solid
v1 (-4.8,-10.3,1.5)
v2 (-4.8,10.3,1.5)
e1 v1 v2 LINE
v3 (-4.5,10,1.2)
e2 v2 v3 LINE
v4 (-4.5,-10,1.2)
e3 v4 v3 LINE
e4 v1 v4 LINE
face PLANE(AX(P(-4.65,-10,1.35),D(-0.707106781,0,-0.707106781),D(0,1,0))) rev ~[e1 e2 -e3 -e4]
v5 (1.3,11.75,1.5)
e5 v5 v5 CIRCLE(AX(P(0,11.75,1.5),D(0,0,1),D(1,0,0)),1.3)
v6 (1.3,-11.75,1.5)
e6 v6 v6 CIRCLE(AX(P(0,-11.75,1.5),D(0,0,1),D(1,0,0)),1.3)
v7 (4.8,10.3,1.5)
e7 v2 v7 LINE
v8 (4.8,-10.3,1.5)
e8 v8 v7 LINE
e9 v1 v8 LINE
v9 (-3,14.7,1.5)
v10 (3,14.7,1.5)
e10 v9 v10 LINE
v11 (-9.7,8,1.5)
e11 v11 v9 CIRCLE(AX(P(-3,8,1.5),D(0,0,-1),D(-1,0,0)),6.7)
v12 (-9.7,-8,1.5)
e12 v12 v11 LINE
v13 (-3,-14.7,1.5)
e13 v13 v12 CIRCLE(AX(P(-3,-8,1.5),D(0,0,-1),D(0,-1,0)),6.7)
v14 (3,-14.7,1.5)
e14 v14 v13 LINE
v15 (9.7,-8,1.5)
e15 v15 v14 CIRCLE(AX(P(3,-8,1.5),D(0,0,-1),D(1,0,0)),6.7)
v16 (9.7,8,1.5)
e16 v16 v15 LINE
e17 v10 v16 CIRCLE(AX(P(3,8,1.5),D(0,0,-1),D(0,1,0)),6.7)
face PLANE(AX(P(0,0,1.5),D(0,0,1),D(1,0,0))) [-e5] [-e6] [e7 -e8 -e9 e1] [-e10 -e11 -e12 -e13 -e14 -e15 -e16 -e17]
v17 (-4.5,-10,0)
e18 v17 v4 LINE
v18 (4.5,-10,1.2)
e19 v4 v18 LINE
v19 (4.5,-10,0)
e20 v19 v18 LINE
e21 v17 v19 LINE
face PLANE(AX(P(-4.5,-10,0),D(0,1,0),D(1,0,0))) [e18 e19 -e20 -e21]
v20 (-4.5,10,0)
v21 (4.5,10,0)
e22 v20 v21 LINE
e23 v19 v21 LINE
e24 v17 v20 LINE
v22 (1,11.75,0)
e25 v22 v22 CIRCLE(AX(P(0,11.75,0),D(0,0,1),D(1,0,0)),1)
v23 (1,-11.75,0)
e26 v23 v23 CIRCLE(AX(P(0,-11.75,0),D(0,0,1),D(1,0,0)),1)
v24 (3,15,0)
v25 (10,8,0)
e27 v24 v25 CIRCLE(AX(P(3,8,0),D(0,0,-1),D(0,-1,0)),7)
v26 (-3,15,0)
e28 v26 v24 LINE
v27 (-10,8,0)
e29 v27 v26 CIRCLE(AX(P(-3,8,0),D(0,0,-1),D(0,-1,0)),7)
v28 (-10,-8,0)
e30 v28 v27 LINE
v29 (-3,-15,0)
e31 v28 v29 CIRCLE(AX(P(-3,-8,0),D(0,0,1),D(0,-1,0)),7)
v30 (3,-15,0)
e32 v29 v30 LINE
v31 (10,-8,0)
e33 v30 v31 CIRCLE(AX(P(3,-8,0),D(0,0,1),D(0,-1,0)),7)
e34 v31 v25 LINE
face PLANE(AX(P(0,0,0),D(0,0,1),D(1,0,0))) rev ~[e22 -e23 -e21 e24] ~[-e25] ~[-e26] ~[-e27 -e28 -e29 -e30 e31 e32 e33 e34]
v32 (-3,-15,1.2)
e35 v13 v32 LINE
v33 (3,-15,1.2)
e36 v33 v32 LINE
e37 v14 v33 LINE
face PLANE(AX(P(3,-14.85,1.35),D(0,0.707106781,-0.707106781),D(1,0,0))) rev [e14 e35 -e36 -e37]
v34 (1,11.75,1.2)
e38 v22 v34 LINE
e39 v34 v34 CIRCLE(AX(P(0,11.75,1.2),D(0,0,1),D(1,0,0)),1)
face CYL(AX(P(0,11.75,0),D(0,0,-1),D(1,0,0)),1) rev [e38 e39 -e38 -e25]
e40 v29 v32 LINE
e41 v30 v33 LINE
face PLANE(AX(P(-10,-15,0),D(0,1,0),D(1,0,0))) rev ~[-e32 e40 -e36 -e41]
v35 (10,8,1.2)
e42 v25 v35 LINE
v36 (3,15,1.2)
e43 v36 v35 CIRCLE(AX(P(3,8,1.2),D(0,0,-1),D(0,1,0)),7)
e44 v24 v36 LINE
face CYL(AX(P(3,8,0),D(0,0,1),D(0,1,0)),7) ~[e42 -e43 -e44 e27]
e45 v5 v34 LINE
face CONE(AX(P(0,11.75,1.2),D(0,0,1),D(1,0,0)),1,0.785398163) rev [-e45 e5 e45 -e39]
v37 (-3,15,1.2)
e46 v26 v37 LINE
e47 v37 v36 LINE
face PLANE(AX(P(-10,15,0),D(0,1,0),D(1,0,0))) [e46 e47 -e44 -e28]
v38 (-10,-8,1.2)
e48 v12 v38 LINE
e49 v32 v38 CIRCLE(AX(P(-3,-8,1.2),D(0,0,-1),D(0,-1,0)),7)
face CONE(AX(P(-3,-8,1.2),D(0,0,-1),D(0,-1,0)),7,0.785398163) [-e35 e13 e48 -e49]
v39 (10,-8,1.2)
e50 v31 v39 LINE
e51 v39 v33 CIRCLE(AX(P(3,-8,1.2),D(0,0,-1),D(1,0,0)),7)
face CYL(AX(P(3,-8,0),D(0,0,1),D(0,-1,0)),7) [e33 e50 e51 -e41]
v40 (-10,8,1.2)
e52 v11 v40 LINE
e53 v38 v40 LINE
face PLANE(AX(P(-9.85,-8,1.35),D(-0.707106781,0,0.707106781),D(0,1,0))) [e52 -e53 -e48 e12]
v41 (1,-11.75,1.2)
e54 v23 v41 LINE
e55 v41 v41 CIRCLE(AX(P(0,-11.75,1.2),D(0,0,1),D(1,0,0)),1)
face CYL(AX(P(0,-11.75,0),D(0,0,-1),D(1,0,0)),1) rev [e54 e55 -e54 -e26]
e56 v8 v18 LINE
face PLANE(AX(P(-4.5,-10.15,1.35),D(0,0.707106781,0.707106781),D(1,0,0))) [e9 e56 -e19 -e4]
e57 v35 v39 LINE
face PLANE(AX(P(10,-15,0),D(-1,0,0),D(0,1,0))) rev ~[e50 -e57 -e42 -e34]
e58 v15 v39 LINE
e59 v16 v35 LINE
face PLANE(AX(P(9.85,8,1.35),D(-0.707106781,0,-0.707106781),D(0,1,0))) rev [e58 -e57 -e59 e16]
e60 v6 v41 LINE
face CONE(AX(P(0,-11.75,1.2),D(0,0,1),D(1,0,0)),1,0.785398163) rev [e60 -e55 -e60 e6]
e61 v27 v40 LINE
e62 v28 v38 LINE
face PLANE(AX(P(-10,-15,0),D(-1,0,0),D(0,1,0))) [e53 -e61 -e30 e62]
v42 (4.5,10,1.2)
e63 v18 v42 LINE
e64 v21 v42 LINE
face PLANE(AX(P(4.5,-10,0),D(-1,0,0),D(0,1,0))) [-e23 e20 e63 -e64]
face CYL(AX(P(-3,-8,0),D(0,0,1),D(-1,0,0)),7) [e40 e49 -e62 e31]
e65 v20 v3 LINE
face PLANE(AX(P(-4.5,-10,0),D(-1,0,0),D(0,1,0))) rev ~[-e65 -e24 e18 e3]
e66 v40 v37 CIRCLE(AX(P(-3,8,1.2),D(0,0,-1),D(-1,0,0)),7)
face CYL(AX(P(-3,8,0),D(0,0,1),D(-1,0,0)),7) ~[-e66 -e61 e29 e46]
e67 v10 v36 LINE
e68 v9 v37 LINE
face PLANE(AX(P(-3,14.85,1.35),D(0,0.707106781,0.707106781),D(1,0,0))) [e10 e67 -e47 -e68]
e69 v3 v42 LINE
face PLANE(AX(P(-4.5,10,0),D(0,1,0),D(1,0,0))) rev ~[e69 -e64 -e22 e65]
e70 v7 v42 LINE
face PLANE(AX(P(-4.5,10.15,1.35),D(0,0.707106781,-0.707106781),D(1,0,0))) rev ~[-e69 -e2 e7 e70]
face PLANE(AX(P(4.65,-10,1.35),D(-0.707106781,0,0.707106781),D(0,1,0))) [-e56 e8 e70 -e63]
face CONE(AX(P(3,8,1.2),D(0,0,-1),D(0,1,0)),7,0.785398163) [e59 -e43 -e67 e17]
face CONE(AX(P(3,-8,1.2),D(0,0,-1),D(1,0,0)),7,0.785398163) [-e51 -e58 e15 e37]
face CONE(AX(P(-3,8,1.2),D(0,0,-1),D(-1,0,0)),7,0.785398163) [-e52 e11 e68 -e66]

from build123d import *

# Parameters (mm, degrees)
F0_W     = 20
F0_H     = 30
F0_R     = 1
F0_W_2   = 9
F0_H_2   = 20
F1_DEPTH = 1.5
F2_R     = 7
F3_SIZE  = 0.3


with BuildPart() as f1:
    # F0 (on Top) → F1 (new body)
    with BuildSketch(Plane.XY):
        Rectangle(F0_W, F0_H)
        with Locations((0, -11.75)):
            Circle(F0_R, mode=Mode.SUBTRACT)
        Rectangle(F0_W_2, F0_H_2, mode=Mode.SUBTRACT)
        with Locations((0, 11.75)):
            Circle(F0_R, mode=Mode.SUBTRACT)
    extrude(amount=F1_DEPTH)

    # F2
    f2_edges = [f1.edges().sort_by_distance(p)[0] for p in [
        (-10, -15, 0.75),
        (10, -15, 0.75),
        (10, 15, 0.75),
        (-10, 15, 0.75),
    ]]
    fillet(f2_edges, radius=F2_R)

    # F3
    f3_edges = [f1.edges().sort_by_distance(p)[0] for p in [
        (-1, -11.75, 1.5),
        (-1, 11.75, 1.5),
        (0, 10, 1.5),
        (-4.5, 0, 1.5),
        (0, -10, 1.5),
        (4.5, 0, 1.5),
        (0, 15, 1.5),
        (-7.949747, 12.949747, 1.5),
        (-10, 0, 1.5),
        (7.949747, 12.949747, 1.5),
        (10, 0, 1.5),
        (7.949747, -12.949747, 1.5),
        (0, -15, 1.5),
        (-7.949747, -12.949747, 1.5),
    ]]
    chamfer(f3_edges, length=F3_SIZE)


solid = f1.part
